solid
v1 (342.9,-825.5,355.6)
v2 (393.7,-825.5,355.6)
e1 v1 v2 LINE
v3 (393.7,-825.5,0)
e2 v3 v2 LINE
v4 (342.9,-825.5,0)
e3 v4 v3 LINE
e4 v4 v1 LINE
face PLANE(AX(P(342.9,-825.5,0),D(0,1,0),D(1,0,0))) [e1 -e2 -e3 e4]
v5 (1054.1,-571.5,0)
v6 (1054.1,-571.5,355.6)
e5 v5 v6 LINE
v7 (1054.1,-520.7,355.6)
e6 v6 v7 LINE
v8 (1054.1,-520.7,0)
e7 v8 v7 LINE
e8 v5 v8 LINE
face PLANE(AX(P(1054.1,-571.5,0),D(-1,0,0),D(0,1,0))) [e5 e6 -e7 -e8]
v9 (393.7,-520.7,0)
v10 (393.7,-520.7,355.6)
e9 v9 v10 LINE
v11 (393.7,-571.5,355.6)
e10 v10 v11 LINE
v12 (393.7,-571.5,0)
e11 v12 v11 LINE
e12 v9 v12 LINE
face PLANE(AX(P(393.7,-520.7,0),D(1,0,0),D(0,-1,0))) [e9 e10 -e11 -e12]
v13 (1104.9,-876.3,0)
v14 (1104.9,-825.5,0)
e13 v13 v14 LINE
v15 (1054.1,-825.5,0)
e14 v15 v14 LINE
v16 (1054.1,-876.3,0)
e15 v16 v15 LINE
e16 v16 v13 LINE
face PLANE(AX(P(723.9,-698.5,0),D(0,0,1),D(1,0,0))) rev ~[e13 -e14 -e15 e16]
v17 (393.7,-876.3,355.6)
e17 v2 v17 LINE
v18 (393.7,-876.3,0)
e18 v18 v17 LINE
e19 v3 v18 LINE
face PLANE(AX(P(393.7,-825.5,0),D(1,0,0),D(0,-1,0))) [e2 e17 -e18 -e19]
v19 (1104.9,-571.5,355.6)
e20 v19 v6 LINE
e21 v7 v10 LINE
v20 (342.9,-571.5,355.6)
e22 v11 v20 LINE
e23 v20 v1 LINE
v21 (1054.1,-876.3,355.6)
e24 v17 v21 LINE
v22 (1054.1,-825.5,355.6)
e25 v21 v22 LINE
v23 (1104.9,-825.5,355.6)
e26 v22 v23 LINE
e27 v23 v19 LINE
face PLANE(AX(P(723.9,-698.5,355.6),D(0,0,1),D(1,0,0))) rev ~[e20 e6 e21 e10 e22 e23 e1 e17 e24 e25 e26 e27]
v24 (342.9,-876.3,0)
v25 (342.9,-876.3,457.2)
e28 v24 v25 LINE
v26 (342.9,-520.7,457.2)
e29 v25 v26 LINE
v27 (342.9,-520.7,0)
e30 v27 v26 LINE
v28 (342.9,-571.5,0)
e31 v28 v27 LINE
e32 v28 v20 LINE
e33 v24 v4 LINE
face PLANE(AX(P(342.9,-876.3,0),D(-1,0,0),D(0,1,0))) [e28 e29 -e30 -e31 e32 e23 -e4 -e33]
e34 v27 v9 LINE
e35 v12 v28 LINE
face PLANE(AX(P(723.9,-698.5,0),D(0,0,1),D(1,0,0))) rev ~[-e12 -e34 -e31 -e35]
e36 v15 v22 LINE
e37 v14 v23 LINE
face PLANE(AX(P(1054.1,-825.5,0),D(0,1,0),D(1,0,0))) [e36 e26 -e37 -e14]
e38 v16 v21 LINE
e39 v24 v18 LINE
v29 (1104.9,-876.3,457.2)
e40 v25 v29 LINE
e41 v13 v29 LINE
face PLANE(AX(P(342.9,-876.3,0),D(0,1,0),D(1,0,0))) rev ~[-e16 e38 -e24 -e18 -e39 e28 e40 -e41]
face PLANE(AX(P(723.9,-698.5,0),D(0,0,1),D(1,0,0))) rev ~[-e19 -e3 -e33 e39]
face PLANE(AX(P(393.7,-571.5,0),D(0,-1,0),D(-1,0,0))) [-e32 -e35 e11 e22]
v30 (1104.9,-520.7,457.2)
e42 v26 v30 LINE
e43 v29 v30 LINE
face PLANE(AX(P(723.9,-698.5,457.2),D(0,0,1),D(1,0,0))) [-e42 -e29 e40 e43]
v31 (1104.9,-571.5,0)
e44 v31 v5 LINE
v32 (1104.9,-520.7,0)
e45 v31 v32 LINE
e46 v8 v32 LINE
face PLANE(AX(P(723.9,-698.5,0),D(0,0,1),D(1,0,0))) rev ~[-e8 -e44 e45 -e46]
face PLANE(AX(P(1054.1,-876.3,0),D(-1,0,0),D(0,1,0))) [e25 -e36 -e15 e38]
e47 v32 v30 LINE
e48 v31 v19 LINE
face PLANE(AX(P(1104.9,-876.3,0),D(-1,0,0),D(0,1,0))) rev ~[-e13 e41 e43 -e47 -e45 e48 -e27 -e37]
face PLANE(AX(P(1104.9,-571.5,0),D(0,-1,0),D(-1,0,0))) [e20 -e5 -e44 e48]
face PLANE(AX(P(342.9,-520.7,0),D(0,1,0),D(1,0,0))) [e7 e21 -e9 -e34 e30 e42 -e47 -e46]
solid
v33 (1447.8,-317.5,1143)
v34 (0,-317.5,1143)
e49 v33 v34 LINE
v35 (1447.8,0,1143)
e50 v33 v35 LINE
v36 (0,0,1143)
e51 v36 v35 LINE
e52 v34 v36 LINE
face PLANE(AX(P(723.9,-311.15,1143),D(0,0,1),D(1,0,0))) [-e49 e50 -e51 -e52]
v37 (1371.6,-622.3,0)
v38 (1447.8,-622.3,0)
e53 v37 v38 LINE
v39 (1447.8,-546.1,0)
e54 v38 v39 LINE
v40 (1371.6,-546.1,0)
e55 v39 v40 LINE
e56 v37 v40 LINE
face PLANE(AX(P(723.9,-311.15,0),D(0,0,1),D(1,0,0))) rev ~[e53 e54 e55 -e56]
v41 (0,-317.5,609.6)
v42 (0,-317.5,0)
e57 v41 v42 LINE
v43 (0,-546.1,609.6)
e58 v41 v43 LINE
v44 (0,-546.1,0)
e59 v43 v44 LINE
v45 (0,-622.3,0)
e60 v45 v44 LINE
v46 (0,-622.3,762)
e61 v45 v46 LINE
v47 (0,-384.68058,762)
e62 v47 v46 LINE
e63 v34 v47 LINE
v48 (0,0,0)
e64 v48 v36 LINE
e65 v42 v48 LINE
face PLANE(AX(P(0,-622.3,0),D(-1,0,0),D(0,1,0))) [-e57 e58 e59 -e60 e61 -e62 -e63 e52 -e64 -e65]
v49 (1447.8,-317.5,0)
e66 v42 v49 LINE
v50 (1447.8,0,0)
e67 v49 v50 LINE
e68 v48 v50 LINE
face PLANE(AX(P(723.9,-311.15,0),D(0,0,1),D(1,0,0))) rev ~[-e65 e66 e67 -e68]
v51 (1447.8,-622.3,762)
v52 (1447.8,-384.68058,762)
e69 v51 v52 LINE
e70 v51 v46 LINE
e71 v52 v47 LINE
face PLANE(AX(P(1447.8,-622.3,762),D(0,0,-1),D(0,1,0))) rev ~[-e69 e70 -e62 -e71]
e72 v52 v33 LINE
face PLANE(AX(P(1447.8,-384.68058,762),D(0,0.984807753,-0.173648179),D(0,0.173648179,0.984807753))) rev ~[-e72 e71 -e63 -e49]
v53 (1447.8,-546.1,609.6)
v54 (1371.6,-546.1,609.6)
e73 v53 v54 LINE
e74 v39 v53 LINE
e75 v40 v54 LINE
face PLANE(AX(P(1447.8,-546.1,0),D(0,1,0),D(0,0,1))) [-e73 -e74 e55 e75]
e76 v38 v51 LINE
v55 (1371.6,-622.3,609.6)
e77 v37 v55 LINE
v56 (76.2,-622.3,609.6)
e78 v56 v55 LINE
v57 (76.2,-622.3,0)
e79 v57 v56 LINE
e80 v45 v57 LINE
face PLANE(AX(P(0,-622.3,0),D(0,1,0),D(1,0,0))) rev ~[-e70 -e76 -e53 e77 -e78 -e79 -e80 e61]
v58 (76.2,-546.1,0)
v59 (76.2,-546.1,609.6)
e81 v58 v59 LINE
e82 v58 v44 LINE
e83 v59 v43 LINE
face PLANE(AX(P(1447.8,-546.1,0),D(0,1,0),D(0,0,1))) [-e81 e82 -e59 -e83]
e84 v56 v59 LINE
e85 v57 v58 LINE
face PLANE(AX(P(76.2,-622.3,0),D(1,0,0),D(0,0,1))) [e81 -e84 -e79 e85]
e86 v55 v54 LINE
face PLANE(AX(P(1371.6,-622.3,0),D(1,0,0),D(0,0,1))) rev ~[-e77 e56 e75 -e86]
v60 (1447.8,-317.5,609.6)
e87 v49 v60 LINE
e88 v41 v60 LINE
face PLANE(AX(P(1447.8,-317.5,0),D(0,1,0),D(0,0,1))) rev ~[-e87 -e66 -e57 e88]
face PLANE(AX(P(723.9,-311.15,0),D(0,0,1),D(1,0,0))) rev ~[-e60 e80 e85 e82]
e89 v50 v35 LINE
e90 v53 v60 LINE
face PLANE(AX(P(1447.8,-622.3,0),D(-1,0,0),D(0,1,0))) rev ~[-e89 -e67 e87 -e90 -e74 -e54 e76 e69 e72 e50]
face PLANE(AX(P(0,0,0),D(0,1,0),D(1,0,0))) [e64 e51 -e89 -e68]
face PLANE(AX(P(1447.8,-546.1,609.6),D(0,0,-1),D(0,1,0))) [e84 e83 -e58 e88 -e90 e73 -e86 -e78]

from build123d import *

# Parameters (mm, degrees)
F0_W      = 1447.8
F0_H      = 622.3
F1_DEPTH  = 1143
F3_DEPTH  = 1447.801
F4_W      = 1295.4
F4_H      = 609.6
F5_DEPTH  = 304.8
F6_W      = 228.6
F6_H      = 609.6
F7_DEPTH  = 1447.801
F8_W      = 762
F8_H      = 355.6
F10_DEPTH = 457.2
F11_DEPTH = 355.6


with BuildPart() as f1:
    # F0 (on Top) → F1 (new body)
    with BuildSketch(Plane.XY):
        with Locations((723.9, -311.15)):
            Rectangle(F0_W, F0_H)
    extrude(amount=F1_DEPTH)

    # F2 (on face) → F3 (cut, through all)
    with BuildSketch(Plane.YZ.offset(1447.8)):
        Polygon((-317.5, 1143), (-622.3, 1143), (-622.3, 762), (-384.68058, 762), align=None)
    extrude(amount=-F3_DEPTH, mode=Mode.SUBTRACT)

    # F4 (on face) → F5 (cut)
    with BuildSketch(Plane.XZ.offset(622.3)):
        with Locations((723.9, 304.8)):
            Rectangle(F4_W, F4_H)
    extrude(amount=-F5_DEPTH, mode=Mode.SUBTRACT)

    # F6 (on face) → F7 (cut, through all)
    with BuildSketch(Plane.YZ.offset(1447.8)):
        with Locations((-431.8, 304.8)):
            Rectangle(F6_W, F6_H)
    extrude(amount=-F7_DEPTH, mode=Mode.SUBTRACT)


with BuildPart() as f10:
    # F8 (on Top) → F10 (new body)
    with BuildSketch(Plane.XY):
        with Locations((723.9, -698.5)):
            Rectangle(F8_W, F8_H)
    extrude(amount=F10_DEPTH)

    # F9 (on Top) → F11 (cut)
    with BuildSketch(Plane.XY):
        Polygon((342.9, -571.5), (342.9, -825.5), (393.7, -825.5), (393.7, -876.3), (1054.1, -876.3), (1054.1, -825.5), (1104.9, -825.5), (1104.9, -571.5), (1054.1, -571.5), (1054.1, -520.7), (393.7, -520.7), (393.7, -571.5), align=None)
    extrude(amount=F11_DEPTH, mode=Mode.SUBTRACT)


solid = Compound([f1.part, f10.part])
